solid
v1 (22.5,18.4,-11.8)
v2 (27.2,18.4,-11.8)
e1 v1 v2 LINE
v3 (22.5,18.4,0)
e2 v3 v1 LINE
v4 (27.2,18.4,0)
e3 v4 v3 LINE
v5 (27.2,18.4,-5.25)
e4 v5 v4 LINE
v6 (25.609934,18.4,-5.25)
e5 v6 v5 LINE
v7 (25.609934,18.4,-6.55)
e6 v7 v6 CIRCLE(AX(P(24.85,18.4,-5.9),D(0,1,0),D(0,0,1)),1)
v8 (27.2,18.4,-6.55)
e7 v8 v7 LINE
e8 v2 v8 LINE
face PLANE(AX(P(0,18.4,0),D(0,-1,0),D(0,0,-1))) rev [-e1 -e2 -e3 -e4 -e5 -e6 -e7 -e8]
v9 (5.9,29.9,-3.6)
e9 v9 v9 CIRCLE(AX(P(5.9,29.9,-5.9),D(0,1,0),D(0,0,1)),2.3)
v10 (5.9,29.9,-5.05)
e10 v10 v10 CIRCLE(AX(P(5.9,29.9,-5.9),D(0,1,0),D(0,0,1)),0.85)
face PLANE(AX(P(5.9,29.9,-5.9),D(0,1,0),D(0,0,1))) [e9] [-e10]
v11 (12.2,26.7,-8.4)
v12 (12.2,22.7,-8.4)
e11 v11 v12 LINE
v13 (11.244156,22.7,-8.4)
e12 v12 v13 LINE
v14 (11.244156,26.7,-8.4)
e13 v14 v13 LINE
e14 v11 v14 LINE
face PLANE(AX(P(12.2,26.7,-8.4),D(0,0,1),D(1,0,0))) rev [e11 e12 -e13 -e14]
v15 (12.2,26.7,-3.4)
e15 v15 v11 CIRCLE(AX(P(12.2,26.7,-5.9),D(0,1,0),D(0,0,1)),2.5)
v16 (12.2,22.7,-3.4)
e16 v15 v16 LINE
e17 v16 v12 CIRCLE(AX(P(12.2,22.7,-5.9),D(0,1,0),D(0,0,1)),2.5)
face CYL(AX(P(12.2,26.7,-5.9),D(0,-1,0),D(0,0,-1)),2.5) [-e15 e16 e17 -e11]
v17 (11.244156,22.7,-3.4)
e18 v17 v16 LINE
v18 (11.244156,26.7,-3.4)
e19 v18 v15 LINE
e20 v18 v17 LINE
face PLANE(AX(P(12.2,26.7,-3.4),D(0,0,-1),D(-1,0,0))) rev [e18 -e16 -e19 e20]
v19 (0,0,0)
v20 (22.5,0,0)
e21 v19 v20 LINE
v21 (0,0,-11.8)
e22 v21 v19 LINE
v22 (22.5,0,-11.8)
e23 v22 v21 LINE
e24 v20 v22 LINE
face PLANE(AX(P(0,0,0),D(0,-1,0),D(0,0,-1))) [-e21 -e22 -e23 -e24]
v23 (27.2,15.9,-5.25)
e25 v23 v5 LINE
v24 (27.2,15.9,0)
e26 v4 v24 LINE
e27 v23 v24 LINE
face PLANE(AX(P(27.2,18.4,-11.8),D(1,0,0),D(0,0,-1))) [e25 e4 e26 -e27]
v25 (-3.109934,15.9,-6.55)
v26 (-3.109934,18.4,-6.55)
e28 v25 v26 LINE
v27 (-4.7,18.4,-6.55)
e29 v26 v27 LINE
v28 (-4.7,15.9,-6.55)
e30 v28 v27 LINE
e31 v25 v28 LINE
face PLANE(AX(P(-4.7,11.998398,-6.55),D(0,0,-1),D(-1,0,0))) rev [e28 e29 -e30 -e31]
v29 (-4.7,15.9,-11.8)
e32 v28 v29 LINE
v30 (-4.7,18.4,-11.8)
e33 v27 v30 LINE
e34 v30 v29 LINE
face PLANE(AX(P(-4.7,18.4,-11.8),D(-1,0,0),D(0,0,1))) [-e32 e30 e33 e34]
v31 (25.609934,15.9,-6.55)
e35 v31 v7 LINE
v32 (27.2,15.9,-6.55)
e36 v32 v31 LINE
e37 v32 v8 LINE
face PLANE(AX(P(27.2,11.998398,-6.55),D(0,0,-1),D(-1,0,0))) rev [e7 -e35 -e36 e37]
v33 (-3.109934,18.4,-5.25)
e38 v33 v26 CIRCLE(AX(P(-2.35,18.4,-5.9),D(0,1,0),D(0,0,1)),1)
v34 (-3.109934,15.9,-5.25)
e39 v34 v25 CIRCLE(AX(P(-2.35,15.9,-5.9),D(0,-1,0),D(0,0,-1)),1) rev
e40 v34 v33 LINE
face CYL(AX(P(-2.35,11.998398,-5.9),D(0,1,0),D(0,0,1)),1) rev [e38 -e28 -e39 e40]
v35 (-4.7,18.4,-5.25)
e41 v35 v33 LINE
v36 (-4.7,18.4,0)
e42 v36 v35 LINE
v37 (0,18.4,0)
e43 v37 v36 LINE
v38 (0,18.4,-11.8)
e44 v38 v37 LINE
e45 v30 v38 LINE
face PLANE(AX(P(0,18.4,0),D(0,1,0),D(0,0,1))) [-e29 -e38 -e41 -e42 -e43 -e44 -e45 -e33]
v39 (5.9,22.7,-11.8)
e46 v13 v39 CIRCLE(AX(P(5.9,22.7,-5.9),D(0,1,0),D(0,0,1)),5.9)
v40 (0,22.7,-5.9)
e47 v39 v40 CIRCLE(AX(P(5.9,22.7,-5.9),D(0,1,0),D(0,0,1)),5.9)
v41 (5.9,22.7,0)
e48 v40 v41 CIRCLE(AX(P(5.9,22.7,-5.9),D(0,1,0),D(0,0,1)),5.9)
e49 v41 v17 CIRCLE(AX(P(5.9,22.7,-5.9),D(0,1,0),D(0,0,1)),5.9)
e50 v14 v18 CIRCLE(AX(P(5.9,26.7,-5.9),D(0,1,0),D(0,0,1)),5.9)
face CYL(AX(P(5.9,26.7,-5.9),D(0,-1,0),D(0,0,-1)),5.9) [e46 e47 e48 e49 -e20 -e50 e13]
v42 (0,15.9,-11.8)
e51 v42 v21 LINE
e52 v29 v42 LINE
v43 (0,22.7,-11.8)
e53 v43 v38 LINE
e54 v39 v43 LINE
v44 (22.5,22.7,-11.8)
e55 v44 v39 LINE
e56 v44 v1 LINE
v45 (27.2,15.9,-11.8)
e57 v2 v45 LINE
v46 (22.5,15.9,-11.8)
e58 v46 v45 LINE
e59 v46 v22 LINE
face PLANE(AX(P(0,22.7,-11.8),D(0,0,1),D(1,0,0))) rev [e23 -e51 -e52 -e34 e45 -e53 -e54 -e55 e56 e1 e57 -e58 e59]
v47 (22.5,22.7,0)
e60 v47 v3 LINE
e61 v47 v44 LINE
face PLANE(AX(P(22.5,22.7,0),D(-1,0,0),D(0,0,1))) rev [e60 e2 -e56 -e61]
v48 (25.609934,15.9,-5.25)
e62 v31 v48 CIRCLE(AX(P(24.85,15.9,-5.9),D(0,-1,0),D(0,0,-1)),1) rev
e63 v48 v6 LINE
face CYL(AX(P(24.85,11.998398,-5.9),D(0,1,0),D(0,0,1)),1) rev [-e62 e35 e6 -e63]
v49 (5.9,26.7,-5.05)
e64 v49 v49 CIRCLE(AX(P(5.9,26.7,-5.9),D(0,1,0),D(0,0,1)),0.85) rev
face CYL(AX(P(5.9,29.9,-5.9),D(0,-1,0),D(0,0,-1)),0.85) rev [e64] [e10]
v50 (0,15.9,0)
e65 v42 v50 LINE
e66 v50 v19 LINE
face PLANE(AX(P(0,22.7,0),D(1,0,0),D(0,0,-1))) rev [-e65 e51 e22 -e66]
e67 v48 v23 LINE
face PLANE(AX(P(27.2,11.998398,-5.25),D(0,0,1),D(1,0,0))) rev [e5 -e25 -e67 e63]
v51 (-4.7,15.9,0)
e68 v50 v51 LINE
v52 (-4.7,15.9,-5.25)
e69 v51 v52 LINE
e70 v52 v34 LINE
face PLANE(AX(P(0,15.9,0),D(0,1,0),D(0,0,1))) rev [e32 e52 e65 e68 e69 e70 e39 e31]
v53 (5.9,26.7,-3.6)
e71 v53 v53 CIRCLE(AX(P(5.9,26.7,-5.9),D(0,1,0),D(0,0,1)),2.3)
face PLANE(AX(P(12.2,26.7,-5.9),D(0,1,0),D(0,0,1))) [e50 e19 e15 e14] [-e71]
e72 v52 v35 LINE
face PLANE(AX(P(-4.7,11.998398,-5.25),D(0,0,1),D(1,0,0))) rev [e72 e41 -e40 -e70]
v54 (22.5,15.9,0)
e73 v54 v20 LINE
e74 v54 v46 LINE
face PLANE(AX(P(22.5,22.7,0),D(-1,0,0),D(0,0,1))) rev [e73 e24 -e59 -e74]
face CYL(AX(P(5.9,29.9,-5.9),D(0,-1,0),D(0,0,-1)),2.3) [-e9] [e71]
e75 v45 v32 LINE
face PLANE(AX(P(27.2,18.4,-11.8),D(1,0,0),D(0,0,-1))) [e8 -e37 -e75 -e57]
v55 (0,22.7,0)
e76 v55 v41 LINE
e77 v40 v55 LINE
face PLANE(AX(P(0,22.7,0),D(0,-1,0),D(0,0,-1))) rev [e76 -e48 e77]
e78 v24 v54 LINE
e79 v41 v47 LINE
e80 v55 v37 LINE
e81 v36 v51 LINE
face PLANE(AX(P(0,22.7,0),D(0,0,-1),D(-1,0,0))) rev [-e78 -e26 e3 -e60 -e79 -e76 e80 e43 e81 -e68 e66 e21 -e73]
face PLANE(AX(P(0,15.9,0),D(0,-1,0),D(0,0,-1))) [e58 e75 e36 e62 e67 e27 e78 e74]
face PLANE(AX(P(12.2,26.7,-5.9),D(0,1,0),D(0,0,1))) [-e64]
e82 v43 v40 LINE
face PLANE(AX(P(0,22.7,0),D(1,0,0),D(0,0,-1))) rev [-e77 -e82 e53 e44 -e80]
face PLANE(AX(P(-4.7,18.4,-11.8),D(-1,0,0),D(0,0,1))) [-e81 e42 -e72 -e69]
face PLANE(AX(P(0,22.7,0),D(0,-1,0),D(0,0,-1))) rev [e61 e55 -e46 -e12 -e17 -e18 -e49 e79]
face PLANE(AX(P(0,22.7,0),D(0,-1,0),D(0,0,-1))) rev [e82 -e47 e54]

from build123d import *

# Parameters (mm, degrees)
SKETCH1_W           = 22.5
SKETCH1_H           = 11.8
BOSS_EXTRUDE1_DEPTH = 22.7
SKETCH2_W           = 4.7
SKETCH2_H           = 11.8
BOSS_EXTRUDE2_DEPTH = 2.5
BOSS_EXTRUDE3_DEPTH = 4
CUT_EXTRUDE1_DEPTH  = 2.5
SKETCH5_R           = 2.3
SKETCH5_R_2         = 0.85
BOSS_EXTRUDE4_DEPTH = 3.2


with BuildPart() as part:
    # Sketch1 → Boss-Extrude1 (new body)
    with BuildSketch(Plane(origin=(0, 0, 0), x_dir=(1, 0, 0), z_dir=(0, 1, 0))):
        with Locations((11.25, 5.9)):
            Rectangle(SKETCH1_W, SKETCH1_H)
    extrude(amount=BOSS_EXTRUDE1_DEPTH)

    # Sketch2 → Boss-Extrude2 (add)
    with BuildSketch(Plane(origin=(0, 15.89999995, 0), x_dir=(-1, 0, 0), z_dir=(0, -1, 0))):
        with Locations((-24.85, 5.9)):
            Rectangle(SKETCH2_W, SKETCH2_H)
        with Locations((2.35, 5.9)):
            Rectangle(SKETCH2_W, SKETCH2_H)
    extrude(amount=-BOSS_EXTRUDE2_DEPTH)

    # Sketch3 → Boss-Extrude3 (add)
    with BuildSketch(Plane(origin=(0, 22.7, 0), x_dir=(1, 0, 0), z_dir=(0, 1, 0))):
        with BuildLine():
            Line((12.2, 8.4), (11.244155686, 8.4))
            ThreePointArc((11.244155686, 8.4), (0, 5.9), (11.244155686, 3.4))
            Line((11.244155686, 3.4), (12.2, 3.4))
            ThreePointArc((12.2, 3.4), (14.7, 5.9), (12.2, 8.4))
        make_face()
    extrude(amount=BOSS_EXTRUDE3_DEPTH)

    # Sketch4 → Cut-Extrude1 (cut)
    with BuildSketch(Plane(origin=(0, 18.39999995, 0), x_dir=(1, 0, 0), z_dir=(0, 1, 0))):
        with BuildLine():
            Line((-4.7, 6.55), (-4.7, 5.25))
            Line((-4.7, 5.25), (-3.109934208, 5.25))
            ThreePointArc((-3.109934208, 5.25), (-1.35, 5.9), (-3.109934208, 6.55))
            Line((-3.109934208, 6.55), (-4.7, 6.55))
        make_face()
        with BuildLine():
            Line((27.2, 6.55), (27.2, 5.25))
            Line((27.2, 5.25), (25.609934208, 5.25))
            ThreePointArc((25.609934208, 5.25), (23.85, 5.9), (25.609934208, 6.55))
            Line((25.609934208, 6.55), (27.2, 6.55))
        make_face()
    extrude(amount=-CUT_EXTRUDE1_DEPTH, mode=Mode.SUBTRACT)

    # Sketch5 → Boss-Extrude4 (add)
    with BuildSketch(Plane(origin=(0, 26.7, 0), x_dir=(1, 0, 0), z_dir=(0, 1, 0))):
        with Locations((5.9, 5.9)):
            Circle(SKETCH5_R)
        with Locations((5.9, 5.9)):
            Circle(SKETCH5_R_2, mode=Mode.SUBTRACT)
    extrude(amount=BOSS_EXTRUDE4_DEPTH)


solid = part.part
